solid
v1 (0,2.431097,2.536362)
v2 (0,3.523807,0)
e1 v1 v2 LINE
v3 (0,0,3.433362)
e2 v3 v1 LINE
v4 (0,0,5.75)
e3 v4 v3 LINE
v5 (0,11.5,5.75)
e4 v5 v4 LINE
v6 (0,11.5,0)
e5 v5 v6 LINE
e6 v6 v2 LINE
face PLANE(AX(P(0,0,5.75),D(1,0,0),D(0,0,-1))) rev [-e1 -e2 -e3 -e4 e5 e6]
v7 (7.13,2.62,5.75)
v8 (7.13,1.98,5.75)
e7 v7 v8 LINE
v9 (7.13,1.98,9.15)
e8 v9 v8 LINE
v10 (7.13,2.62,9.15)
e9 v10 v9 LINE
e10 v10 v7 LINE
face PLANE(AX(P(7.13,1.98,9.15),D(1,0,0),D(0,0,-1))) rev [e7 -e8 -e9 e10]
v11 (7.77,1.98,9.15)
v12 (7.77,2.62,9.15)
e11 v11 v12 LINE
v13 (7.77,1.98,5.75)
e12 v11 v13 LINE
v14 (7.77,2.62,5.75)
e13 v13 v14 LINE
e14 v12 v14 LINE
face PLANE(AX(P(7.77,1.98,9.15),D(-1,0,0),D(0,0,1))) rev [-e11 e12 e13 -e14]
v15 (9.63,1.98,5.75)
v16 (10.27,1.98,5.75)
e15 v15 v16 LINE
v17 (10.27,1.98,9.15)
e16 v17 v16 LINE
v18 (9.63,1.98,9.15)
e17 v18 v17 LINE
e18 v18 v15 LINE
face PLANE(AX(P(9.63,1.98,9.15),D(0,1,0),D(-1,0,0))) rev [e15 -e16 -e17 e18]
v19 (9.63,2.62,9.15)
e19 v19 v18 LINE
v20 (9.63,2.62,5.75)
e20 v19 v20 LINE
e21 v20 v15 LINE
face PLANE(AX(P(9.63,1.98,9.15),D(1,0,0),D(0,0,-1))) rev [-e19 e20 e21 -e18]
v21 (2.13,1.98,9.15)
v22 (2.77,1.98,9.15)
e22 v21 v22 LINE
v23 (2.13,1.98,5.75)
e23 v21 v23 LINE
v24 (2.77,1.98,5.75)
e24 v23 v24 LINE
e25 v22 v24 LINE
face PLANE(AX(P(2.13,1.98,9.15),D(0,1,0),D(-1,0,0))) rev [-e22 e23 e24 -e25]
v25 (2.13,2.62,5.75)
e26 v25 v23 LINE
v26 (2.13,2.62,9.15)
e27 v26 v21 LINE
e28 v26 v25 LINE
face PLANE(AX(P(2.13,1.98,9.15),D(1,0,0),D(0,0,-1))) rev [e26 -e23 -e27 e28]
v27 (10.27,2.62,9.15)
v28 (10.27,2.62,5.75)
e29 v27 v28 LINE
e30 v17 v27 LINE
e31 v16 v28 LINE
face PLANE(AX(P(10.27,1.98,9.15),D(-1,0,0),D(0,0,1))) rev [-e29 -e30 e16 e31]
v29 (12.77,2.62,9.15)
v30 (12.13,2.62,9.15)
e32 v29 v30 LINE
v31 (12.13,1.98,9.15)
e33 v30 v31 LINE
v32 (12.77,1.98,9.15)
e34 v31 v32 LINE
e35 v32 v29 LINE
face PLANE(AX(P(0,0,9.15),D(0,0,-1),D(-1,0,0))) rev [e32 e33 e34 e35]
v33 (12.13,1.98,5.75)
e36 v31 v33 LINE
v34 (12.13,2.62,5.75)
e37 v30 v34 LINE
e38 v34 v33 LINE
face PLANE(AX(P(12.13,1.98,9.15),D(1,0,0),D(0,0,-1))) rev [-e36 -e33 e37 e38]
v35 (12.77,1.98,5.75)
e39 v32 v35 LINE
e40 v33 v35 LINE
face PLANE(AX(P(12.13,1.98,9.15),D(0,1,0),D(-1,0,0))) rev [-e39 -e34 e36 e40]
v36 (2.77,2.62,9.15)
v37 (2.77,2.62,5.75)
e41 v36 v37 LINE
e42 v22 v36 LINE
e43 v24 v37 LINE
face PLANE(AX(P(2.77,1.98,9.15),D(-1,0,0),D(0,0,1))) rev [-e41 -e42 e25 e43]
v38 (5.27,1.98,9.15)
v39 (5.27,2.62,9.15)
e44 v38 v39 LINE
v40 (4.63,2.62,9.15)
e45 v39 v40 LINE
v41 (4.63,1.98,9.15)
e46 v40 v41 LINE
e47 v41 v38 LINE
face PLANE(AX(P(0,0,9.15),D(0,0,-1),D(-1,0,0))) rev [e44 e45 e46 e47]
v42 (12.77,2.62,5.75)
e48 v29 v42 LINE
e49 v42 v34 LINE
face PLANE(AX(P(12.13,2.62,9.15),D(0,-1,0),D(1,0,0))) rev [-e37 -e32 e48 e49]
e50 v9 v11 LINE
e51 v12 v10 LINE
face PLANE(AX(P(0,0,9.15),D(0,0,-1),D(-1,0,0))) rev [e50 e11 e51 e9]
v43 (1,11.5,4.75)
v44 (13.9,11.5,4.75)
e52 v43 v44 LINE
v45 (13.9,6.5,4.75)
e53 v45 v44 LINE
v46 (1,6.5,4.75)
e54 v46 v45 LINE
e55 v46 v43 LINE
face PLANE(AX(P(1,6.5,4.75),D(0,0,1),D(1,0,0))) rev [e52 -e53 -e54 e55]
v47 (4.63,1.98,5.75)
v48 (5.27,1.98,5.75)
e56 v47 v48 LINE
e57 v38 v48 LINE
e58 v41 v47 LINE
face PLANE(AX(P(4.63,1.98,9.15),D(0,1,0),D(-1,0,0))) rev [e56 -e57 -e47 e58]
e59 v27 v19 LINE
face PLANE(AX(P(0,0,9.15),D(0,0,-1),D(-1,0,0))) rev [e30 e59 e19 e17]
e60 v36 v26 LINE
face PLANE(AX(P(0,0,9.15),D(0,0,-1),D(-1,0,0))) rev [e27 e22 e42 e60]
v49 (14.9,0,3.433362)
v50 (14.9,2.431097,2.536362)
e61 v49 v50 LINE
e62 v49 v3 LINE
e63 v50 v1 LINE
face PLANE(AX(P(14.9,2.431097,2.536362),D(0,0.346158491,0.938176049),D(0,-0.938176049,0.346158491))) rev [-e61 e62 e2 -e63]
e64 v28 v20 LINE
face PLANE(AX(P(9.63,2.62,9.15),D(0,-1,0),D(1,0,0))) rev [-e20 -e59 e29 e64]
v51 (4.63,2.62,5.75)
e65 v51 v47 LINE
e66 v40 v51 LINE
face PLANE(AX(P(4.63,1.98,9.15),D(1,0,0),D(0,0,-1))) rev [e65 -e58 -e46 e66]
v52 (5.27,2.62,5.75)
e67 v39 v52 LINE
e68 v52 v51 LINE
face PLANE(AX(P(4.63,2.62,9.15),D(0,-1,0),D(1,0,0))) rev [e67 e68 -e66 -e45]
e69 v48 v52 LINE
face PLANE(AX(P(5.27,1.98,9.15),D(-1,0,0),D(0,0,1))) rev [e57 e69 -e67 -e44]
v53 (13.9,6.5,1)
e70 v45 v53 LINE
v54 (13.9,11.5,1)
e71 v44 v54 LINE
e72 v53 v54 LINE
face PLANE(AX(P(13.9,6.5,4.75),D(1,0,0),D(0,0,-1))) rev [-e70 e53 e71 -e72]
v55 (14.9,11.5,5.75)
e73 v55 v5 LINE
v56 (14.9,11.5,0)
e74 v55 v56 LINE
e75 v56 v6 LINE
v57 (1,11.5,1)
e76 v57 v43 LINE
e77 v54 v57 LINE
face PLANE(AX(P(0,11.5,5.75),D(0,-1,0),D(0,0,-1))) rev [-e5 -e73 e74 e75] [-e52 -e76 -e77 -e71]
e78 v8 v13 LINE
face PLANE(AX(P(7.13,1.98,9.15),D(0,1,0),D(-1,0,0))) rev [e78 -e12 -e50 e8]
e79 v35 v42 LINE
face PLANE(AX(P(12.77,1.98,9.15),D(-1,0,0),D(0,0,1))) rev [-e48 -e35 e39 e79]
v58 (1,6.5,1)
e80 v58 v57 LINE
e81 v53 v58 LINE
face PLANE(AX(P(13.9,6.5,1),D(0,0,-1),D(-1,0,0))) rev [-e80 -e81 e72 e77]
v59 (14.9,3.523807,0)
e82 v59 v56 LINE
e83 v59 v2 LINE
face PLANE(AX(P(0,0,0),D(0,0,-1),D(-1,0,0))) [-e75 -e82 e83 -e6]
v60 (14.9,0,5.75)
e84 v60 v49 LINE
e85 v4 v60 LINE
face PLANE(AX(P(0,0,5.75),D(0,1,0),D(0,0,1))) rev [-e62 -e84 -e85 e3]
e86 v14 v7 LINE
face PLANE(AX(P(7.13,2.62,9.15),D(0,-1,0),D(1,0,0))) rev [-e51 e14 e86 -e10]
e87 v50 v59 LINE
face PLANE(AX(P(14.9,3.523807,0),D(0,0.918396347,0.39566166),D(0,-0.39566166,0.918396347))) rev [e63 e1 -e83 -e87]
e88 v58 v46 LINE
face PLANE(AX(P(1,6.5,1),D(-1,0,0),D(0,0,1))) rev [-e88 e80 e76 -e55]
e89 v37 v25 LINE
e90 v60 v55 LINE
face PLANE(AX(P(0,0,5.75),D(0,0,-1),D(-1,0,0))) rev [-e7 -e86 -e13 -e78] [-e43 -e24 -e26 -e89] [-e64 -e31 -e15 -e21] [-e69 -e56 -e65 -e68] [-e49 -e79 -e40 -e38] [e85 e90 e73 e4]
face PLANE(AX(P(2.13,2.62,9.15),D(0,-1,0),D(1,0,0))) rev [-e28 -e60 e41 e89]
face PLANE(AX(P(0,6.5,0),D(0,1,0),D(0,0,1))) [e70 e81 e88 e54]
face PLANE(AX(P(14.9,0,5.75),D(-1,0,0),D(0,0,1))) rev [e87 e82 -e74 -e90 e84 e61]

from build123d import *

# Parameters (mm, degrees)
SKETCH_1_W          = 14.9
SKETCH_1_H          = 11.5
EXTRUDE_1_DEPTH     = 5.75
SKETCH_2_W          = 0.64
SKETCH_2_H          = 0.64
EXTRUDE_2_DEPTH     = 3.4
CUT_EXTRUDE_1_DEPTH = 21.928031441
SKETCH_4_W          = 12.9
SKETCH_4_H          = 3.75
CUT_EXTRUDE_2_DEPTH = 5


with BuildPart() as part:
    # Эскиз1 → Бобышка-Вытянуть1 (new body)
    with BuildSketch(Plane.XY):
        with Locations((7.45, 5.75)):
            Rectangle(SKETCH_1_W, SKETCH_1_H)
    extrude(amount=EXTRUDE_1_DEPTH)

    # Эскиз2 → Бобышка-Вытянуть2 (add)
    with BuildSketch(Plane.XY.offset(5.75)):
        with Locations((4.95, 2.3)):
            Rectangle(SKETCH_2_W, SKETCH_2_H)
        with Locations((2.45, 2.3)):
            Rectangle(SKETCH_2_W, SKETCH_2_H)
        with Locations((7.45, 2.3)):
            Rectangle(SKETCH_2_W, SKETCH_2_H)
        with Locations((9.95, 2.3)):
            Rectangle(SKETCH_2_W, SKETCH_2_H)
        with Locations((12.45, 2.3)):
            Rectangle(SKETCH_2_W, SKETCH_2_H)
    extrude(amount=EXTRUDE_2_DEPTH)

    # Эскиз3 → Вырез-Вытянуть1 (cut, through all)
    with BuildSketch(Plane.ZY):
        Polygon((0, 0), (0, 3.523806865), (2.536361598, 2.431096681), (3.433362495, 0), align=None)
    extrude(amount=-CUT_EXTRUDE_1_DEPTH, mode=Mode.SUBTRACT)

    # Эскиз4 → Вырез-Вытянуть2 (cut)
    with BuildSketch(Plane(origin=(0, 11.5, 0), x_dir=(1, 0, 0), z_dir=(0, 1, 0))):
        with Locations((7.45, -2.875)):
            Rectangle(SKETCH_4_W, SKETCH_4_H)
    extrude(amount=-CUT_EXTRUDE_2_DEPTH, mode=Mode.SUBTRACT)


solid = part.part
